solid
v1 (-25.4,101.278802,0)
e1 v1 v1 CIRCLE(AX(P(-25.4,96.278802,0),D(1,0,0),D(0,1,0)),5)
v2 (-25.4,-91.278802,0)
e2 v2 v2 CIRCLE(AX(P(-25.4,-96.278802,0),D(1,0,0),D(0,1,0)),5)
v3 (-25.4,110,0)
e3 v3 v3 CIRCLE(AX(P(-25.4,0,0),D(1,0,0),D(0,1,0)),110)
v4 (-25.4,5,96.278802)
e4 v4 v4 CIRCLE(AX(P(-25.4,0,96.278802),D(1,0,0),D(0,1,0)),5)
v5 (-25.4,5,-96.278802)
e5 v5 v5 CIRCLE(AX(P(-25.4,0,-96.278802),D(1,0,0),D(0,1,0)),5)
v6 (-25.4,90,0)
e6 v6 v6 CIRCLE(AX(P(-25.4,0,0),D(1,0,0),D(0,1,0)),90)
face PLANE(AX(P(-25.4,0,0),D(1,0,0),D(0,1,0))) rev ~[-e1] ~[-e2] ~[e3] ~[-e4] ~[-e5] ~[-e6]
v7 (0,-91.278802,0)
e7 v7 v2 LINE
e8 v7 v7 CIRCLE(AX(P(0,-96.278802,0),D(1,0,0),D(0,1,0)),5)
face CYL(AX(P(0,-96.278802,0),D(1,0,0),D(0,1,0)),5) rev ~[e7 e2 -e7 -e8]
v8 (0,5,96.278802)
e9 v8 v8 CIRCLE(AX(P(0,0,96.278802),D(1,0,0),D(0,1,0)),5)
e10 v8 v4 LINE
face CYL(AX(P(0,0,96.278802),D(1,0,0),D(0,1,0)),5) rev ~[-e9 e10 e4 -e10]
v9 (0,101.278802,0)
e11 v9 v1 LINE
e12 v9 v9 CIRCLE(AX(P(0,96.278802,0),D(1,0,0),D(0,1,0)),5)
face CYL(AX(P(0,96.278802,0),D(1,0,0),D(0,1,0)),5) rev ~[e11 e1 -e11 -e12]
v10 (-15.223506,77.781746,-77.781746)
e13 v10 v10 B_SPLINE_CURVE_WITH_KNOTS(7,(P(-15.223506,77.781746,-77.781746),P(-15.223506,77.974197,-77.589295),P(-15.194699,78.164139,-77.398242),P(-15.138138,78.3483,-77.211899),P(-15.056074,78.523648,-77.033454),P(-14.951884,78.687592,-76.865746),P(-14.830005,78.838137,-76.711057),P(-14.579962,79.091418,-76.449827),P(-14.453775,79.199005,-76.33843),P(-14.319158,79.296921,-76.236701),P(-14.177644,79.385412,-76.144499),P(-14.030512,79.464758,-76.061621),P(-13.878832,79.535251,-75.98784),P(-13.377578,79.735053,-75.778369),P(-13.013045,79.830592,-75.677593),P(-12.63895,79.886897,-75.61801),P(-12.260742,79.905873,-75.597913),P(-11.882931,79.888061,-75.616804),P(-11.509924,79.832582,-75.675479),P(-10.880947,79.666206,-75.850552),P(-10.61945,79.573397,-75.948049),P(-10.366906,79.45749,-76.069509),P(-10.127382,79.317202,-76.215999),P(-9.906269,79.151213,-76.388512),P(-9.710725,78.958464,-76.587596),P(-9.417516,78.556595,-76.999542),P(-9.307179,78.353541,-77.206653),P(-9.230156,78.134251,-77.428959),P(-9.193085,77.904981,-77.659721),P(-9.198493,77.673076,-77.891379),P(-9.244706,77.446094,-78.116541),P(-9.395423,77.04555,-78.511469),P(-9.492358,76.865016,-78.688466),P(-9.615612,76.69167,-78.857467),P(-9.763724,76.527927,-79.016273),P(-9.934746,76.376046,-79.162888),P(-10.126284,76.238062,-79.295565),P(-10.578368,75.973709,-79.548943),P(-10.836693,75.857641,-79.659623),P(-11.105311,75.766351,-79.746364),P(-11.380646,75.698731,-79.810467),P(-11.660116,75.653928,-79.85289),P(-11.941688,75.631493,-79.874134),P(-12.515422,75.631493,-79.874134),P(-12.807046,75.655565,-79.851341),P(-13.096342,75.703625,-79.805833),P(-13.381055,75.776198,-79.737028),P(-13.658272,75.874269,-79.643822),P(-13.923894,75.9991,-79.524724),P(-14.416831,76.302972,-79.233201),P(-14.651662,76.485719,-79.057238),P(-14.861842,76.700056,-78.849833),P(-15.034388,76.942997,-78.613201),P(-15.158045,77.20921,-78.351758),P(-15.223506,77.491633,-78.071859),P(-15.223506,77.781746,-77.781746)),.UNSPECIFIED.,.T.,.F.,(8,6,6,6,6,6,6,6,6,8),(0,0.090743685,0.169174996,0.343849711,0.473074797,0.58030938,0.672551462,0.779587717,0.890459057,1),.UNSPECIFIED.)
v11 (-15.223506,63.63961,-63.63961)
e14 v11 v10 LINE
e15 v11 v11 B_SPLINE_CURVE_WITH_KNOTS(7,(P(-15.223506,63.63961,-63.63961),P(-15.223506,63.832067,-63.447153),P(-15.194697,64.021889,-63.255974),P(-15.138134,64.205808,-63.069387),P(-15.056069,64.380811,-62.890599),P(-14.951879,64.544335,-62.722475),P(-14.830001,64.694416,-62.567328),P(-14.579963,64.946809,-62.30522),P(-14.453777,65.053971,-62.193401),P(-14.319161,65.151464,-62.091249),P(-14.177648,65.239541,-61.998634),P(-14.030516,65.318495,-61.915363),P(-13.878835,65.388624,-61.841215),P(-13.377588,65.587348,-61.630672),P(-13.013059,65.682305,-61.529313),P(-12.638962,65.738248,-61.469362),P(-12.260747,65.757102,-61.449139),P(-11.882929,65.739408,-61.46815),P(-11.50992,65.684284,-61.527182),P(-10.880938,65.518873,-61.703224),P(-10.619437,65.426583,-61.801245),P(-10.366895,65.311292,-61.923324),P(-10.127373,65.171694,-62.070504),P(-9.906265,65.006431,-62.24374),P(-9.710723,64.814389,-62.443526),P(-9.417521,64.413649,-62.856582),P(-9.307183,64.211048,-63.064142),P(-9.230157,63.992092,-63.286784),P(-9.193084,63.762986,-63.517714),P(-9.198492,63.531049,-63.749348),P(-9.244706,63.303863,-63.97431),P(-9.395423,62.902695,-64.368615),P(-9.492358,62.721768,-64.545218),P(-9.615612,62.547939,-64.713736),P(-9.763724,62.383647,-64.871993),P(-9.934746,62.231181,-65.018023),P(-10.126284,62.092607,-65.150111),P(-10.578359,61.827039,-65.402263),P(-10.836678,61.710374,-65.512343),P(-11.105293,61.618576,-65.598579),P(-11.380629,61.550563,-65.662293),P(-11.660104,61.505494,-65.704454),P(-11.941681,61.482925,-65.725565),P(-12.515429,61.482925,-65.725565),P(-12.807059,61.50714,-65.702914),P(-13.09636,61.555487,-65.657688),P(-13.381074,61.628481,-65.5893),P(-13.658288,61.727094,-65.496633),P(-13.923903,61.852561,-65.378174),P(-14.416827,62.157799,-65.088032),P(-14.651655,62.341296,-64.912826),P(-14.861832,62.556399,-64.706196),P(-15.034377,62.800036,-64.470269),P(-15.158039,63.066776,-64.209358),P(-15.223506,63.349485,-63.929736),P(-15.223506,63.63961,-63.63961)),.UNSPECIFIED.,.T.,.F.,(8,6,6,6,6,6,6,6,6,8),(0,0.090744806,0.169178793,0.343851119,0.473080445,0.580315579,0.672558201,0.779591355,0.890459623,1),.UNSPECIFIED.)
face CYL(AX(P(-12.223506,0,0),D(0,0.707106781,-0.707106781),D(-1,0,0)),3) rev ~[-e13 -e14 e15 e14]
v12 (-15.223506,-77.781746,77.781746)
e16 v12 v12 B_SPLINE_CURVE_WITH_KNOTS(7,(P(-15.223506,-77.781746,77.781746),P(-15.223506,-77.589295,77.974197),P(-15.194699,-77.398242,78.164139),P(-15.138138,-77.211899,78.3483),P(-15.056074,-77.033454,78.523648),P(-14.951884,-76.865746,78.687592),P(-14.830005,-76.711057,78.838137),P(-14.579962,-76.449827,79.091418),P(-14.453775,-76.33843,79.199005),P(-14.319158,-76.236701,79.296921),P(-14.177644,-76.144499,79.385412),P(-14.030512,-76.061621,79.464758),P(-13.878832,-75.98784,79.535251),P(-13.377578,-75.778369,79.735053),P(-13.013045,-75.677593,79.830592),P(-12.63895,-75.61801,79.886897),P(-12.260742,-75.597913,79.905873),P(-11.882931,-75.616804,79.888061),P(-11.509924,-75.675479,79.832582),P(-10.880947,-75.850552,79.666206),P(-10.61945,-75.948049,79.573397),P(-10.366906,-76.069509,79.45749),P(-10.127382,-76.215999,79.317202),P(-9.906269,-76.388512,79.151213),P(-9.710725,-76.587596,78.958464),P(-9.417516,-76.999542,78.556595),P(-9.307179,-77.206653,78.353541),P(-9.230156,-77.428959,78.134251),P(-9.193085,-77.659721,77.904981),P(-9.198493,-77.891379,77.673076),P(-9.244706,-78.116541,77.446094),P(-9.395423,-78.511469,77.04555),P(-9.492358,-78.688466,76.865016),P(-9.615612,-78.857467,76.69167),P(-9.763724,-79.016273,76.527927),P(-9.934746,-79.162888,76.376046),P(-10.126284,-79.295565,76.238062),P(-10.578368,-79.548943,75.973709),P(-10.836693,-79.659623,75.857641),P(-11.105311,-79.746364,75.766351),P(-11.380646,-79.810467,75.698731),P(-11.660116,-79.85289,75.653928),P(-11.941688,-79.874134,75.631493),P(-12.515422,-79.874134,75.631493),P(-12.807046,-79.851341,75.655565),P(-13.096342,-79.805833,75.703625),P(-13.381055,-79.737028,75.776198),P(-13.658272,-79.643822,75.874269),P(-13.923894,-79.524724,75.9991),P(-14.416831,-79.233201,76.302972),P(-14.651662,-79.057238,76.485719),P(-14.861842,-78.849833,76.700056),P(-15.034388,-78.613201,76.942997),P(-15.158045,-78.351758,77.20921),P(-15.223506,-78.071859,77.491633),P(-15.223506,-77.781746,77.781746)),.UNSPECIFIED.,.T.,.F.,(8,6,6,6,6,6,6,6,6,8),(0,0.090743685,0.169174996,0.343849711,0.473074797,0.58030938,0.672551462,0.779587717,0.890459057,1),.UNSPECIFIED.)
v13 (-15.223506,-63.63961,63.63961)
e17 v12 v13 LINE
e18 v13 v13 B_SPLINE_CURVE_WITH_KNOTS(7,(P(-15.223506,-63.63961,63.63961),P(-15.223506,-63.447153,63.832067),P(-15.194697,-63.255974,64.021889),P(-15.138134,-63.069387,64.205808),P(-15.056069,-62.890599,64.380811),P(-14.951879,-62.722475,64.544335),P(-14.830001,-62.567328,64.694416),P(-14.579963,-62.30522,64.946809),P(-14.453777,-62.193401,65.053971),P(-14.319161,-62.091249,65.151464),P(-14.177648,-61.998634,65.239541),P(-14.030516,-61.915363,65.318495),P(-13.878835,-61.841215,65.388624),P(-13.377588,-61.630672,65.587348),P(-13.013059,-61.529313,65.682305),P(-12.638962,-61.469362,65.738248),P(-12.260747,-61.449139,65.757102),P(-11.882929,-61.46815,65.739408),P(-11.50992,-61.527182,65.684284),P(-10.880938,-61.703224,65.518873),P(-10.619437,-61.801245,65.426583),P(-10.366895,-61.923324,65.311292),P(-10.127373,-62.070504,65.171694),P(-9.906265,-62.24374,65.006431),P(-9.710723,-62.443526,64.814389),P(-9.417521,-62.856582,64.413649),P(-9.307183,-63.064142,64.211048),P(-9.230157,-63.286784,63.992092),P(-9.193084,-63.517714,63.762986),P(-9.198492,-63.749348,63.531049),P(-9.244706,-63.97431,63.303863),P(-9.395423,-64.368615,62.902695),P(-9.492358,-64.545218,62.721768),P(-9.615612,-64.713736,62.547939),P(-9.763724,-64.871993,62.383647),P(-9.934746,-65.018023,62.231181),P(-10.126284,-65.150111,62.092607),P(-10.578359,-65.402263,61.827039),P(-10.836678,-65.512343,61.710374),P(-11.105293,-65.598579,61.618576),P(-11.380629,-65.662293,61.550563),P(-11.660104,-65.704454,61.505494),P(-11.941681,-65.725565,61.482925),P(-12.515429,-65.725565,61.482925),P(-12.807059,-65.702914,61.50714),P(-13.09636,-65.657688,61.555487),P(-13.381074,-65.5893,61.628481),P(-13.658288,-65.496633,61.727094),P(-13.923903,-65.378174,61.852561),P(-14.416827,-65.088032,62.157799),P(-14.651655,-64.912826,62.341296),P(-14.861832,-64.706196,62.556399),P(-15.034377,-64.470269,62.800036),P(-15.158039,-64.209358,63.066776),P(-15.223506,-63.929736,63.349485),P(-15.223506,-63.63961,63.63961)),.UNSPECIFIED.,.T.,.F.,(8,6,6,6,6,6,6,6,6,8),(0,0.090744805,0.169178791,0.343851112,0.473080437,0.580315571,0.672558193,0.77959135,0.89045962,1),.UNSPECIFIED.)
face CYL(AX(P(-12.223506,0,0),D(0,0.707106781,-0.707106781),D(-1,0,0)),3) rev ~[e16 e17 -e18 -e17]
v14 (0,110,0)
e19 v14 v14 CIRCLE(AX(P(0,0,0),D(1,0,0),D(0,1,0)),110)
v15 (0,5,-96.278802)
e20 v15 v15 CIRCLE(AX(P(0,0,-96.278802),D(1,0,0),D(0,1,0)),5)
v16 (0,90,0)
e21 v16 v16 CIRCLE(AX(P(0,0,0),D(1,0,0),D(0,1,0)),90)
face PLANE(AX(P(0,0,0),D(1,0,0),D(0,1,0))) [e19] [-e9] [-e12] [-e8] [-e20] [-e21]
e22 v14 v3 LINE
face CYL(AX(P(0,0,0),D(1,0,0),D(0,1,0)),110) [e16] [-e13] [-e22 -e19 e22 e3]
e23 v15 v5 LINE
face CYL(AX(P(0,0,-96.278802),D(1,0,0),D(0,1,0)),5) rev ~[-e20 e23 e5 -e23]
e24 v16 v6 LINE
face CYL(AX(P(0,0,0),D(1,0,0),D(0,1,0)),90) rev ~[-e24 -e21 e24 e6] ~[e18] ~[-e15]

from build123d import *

# Parameters (mm, degrees)
F0_R     = 110
F0_R_2   = 90
F1_DEPTH = 25.4
F4_R     = 3
F5_DEPTH = 110.5
F7_R     = 5
F8_DEPTH = 25.5


with BuildPart() as f1:
    # F0 (on Right) → F1 (new body)
    with BuildSketch(Plane.YZ):
        Circle(F0_R)
        Circle(F0_R_2, mode=Mode.SUBTRACT)
    extrude(amount=-F1_DEPTH)

    # F4 (on face) → F5 (cut, symmetric)
    with BuildSketch(Plane(origin=(0, 0, 0), x_dir=(-1, 0, 0), z_dir=(0, 0.707107, -0.707107))):
        with Locations((12.223506, 0)):
            Circle(F4_R)
    extrude(amount=F5_DEPTH, both=True, mode=Mode.SUBTRACT)

    # F7 (on face) → F8 (cut)
    with BuildSketch(Plane.YZ):
        with Locations((0, 96.278802)):
            Circle(F7_R)
        with Locations((-96.278802, 0)):
            Circle(F7_R)
        with Locations((0, -96.278802)):
            Circle(F7_R)
        with Locations((96.278802, 0)):
            Circle(F7_R)
    extrude(amount=-F8_DEPTH, mode=Mode.SUBTRACT)


solid = f1.part
